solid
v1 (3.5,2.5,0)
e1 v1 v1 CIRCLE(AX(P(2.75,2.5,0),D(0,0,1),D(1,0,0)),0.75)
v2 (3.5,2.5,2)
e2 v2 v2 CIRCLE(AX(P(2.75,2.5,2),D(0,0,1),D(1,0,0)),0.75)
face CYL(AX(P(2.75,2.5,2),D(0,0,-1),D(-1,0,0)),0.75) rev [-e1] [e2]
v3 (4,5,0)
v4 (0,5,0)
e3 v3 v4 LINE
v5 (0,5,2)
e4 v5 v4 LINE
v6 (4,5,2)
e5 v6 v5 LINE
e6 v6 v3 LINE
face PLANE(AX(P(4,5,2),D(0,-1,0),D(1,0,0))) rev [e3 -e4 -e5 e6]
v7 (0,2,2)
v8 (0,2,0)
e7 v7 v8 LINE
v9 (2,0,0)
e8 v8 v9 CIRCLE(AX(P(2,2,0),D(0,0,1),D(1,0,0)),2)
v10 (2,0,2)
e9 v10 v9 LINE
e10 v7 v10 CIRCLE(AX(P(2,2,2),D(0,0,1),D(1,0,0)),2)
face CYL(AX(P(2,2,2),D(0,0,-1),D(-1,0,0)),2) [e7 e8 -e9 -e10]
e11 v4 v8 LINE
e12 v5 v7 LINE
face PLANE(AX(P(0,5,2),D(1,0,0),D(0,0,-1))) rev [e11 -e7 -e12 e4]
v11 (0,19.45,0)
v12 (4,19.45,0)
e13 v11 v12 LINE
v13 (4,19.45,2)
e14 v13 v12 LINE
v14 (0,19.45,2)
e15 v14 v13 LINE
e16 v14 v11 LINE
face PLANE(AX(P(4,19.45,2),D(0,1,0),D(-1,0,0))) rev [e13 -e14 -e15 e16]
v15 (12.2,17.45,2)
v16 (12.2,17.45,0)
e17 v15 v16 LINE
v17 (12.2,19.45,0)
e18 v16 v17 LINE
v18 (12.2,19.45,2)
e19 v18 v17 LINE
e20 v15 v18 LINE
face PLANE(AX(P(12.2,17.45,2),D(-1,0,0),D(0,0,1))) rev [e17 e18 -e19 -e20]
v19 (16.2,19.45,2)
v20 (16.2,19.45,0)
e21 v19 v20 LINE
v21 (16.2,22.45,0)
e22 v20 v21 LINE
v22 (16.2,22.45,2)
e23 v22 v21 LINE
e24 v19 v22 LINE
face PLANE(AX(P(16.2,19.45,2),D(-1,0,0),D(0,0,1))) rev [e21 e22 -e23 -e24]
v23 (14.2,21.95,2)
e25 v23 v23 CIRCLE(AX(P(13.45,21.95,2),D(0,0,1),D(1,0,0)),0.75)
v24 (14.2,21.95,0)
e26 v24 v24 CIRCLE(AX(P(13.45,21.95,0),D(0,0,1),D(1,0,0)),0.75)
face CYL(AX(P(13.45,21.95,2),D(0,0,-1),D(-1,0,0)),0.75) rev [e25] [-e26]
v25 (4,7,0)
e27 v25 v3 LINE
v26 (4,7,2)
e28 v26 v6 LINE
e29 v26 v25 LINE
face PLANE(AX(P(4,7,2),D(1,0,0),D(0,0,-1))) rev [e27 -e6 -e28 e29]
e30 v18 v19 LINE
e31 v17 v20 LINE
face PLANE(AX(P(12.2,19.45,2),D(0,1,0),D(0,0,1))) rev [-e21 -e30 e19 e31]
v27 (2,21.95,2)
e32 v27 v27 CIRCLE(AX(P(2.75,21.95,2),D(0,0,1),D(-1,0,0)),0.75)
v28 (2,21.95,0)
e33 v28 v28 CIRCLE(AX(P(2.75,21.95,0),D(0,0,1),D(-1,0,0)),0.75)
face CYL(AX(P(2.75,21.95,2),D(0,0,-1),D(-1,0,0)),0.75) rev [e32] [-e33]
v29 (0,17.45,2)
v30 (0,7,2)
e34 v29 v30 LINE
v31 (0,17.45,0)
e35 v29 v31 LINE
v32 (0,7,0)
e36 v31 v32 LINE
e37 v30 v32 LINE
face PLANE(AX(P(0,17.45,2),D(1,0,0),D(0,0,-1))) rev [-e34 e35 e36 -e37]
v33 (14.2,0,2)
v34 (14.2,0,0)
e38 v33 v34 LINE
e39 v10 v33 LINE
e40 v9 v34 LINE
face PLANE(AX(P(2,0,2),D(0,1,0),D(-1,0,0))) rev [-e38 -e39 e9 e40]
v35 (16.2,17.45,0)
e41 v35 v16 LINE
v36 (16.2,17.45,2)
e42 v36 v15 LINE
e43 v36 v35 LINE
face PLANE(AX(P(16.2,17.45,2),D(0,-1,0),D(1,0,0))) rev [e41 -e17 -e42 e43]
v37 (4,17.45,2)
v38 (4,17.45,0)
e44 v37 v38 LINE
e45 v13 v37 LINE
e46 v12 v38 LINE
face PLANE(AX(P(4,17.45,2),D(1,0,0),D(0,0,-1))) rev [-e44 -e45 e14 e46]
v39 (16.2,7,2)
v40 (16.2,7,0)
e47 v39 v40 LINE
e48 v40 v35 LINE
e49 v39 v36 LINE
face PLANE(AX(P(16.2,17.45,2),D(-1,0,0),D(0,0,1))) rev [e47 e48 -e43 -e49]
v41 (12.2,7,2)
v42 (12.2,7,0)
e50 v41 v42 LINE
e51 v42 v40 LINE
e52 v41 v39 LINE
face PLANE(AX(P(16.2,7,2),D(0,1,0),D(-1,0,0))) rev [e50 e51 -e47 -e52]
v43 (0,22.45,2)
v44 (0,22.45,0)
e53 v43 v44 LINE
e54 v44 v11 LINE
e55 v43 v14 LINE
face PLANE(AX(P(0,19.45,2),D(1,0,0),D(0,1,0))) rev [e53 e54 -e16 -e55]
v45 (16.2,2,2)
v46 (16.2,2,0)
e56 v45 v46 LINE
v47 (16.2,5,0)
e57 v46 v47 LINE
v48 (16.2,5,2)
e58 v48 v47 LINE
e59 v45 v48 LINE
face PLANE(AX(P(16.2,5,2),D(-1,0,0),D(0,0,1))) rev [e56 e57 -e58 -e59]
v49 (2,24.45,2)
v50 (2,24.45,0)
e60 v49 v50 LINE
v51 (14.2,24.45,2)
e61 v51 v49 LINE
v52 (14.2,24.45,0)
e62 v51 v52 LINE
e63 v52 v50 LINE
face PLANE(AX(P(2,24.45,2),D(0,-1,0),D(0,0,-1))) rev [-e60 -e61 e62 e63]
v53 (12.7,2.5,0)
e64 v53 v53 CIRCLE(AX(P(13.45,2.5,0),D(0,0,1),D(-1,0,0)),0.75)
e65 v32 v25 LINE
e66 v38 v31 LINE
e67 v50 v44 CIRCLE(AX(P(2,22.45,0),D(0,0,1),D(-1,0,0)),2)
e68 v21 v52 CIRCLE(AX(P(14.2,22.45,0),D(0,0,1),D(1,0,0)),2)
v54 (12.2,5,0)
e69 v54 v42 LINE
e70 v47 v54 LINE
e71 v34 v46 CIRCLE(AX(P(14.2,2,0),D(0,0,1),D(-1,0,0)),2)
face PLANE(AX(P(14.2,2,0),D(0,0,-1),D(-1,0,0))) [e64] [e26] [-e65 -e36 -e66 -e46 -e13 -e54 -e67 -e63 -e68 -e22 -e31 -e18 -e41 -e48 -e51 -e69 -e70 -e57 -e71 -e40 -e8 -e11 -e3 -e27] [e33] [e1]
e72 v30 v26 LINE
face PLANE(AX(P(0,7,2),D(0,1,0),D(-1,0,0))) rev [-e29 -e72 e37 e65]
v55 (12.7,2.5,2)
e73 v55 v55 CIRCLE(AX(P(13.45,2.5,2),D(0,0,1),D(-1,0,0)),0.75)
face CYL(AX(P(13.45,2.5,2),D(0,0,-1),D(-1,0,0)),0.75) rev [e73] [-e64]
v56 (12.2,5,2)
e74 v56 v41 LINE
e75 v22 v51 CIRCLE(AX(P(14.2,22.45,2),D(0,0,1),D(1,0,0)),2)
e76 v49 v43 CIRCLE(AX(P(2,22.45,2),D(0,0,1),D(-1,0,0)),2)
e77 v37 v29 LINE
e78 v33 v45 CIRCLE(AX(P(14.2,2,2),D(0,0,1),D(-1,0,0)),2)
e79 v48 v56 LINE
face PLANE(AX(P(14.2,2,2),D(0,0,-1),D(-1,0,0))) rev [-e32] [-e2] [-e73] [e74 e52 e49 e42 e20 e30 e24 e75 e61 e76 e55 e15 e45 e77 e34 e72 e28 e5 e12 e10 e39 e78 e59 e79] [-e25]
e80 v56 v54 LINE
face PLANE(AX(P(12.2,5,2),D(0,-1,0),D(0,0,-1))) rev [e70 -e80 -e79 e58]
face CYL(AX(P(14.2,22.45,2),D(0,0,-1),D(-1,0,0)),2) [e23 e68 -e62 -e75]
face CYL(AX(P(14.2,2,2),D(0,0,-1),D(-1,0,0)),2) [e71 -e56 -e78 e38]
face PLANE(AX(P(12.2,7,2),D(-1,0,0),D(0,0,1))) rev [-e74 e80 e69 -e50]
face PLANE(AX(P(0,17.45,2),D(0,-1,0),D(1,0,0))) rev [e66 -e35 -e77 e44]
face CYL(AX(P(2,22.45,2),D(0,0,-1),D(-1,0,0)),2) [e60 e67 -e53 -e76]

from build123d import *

# Parameters (mm, degrees)
SKETCH1_R           = 0.75
BOSS_EXTRUDE1_DEPTH = 2


with BuildPart() as part:
    # Sketch1 → Boss-Extrude1 (new body)
    with BuildSketch(Plane.XY):
        with BuildLine():
            Line((0, 17.45), (0, 7))
            Line((0, 7), (4, 7))
            Line((4, 7), (4, 5))
            Line((4, 5), (0, 5))
            Line((0, 5), (0, 2))
            ThreePointArc((0, 2), (0.585786438, 0.585786438), (2, 0))
            Line((2, 0), (14.2, 0))
            ThreePointArc((14.2, 0), (15.614213562, 0.585786438), (16.2, 2))
            Line((16.2, 2), (16.2, 5))
            Line((16.2, 5), (12.2, 5))
            Line((12.2, 5), (12.2, 7))
            Line((12.2, 7), (16.2, 7))
            Line((16.2, 7), (16.2, 17.45))
            Line((16.2, 17.45), (12.2, 17.45))
            Line((12.2, 17.45), (12.2, 19.45))
            Line((12.2, 19.45), (16.2, 19.45))
            Line((16.2, 19.45), (16.2, 22.45))
            ThreePointArc((16.2, 22.45), (15.614213562, 23.864213562), (14.2, 24.45))
            Line((14.2, 24.45), (2, 24.45))
            ThreePointArc((2, 24.45), (0.585786438, 23.864213562), (0, 22.45))
            Line((0, 22.45), (0, 19.45))
            Line((0, 19.45), (4, 19.45))
            Line((4, 19.45), (4, 17.45))
            Line((4, 17.45), (0, 17.45))
        make_face()
        with Locations((13.45, 2.5)):
            Circle(SKETCH1_R, mode=Mode.SUBTRACT)
        with Locations((2.75, 21.95)):
            Circle(SKETCH1_R, mode=Mode.SUBTRACT)
        with Locations((2.75, 2.5)):
            Circle(SKETCH1_R, mode=Mode.SUBTRACT)
        with Locations((13.45, 21.95)):
            Circle(SKETCH1_R, mode=Mode.SUBTRACT)
    extrude(amount=BOSS_EXTRUDE1_DEPTH)


solid = part.part
